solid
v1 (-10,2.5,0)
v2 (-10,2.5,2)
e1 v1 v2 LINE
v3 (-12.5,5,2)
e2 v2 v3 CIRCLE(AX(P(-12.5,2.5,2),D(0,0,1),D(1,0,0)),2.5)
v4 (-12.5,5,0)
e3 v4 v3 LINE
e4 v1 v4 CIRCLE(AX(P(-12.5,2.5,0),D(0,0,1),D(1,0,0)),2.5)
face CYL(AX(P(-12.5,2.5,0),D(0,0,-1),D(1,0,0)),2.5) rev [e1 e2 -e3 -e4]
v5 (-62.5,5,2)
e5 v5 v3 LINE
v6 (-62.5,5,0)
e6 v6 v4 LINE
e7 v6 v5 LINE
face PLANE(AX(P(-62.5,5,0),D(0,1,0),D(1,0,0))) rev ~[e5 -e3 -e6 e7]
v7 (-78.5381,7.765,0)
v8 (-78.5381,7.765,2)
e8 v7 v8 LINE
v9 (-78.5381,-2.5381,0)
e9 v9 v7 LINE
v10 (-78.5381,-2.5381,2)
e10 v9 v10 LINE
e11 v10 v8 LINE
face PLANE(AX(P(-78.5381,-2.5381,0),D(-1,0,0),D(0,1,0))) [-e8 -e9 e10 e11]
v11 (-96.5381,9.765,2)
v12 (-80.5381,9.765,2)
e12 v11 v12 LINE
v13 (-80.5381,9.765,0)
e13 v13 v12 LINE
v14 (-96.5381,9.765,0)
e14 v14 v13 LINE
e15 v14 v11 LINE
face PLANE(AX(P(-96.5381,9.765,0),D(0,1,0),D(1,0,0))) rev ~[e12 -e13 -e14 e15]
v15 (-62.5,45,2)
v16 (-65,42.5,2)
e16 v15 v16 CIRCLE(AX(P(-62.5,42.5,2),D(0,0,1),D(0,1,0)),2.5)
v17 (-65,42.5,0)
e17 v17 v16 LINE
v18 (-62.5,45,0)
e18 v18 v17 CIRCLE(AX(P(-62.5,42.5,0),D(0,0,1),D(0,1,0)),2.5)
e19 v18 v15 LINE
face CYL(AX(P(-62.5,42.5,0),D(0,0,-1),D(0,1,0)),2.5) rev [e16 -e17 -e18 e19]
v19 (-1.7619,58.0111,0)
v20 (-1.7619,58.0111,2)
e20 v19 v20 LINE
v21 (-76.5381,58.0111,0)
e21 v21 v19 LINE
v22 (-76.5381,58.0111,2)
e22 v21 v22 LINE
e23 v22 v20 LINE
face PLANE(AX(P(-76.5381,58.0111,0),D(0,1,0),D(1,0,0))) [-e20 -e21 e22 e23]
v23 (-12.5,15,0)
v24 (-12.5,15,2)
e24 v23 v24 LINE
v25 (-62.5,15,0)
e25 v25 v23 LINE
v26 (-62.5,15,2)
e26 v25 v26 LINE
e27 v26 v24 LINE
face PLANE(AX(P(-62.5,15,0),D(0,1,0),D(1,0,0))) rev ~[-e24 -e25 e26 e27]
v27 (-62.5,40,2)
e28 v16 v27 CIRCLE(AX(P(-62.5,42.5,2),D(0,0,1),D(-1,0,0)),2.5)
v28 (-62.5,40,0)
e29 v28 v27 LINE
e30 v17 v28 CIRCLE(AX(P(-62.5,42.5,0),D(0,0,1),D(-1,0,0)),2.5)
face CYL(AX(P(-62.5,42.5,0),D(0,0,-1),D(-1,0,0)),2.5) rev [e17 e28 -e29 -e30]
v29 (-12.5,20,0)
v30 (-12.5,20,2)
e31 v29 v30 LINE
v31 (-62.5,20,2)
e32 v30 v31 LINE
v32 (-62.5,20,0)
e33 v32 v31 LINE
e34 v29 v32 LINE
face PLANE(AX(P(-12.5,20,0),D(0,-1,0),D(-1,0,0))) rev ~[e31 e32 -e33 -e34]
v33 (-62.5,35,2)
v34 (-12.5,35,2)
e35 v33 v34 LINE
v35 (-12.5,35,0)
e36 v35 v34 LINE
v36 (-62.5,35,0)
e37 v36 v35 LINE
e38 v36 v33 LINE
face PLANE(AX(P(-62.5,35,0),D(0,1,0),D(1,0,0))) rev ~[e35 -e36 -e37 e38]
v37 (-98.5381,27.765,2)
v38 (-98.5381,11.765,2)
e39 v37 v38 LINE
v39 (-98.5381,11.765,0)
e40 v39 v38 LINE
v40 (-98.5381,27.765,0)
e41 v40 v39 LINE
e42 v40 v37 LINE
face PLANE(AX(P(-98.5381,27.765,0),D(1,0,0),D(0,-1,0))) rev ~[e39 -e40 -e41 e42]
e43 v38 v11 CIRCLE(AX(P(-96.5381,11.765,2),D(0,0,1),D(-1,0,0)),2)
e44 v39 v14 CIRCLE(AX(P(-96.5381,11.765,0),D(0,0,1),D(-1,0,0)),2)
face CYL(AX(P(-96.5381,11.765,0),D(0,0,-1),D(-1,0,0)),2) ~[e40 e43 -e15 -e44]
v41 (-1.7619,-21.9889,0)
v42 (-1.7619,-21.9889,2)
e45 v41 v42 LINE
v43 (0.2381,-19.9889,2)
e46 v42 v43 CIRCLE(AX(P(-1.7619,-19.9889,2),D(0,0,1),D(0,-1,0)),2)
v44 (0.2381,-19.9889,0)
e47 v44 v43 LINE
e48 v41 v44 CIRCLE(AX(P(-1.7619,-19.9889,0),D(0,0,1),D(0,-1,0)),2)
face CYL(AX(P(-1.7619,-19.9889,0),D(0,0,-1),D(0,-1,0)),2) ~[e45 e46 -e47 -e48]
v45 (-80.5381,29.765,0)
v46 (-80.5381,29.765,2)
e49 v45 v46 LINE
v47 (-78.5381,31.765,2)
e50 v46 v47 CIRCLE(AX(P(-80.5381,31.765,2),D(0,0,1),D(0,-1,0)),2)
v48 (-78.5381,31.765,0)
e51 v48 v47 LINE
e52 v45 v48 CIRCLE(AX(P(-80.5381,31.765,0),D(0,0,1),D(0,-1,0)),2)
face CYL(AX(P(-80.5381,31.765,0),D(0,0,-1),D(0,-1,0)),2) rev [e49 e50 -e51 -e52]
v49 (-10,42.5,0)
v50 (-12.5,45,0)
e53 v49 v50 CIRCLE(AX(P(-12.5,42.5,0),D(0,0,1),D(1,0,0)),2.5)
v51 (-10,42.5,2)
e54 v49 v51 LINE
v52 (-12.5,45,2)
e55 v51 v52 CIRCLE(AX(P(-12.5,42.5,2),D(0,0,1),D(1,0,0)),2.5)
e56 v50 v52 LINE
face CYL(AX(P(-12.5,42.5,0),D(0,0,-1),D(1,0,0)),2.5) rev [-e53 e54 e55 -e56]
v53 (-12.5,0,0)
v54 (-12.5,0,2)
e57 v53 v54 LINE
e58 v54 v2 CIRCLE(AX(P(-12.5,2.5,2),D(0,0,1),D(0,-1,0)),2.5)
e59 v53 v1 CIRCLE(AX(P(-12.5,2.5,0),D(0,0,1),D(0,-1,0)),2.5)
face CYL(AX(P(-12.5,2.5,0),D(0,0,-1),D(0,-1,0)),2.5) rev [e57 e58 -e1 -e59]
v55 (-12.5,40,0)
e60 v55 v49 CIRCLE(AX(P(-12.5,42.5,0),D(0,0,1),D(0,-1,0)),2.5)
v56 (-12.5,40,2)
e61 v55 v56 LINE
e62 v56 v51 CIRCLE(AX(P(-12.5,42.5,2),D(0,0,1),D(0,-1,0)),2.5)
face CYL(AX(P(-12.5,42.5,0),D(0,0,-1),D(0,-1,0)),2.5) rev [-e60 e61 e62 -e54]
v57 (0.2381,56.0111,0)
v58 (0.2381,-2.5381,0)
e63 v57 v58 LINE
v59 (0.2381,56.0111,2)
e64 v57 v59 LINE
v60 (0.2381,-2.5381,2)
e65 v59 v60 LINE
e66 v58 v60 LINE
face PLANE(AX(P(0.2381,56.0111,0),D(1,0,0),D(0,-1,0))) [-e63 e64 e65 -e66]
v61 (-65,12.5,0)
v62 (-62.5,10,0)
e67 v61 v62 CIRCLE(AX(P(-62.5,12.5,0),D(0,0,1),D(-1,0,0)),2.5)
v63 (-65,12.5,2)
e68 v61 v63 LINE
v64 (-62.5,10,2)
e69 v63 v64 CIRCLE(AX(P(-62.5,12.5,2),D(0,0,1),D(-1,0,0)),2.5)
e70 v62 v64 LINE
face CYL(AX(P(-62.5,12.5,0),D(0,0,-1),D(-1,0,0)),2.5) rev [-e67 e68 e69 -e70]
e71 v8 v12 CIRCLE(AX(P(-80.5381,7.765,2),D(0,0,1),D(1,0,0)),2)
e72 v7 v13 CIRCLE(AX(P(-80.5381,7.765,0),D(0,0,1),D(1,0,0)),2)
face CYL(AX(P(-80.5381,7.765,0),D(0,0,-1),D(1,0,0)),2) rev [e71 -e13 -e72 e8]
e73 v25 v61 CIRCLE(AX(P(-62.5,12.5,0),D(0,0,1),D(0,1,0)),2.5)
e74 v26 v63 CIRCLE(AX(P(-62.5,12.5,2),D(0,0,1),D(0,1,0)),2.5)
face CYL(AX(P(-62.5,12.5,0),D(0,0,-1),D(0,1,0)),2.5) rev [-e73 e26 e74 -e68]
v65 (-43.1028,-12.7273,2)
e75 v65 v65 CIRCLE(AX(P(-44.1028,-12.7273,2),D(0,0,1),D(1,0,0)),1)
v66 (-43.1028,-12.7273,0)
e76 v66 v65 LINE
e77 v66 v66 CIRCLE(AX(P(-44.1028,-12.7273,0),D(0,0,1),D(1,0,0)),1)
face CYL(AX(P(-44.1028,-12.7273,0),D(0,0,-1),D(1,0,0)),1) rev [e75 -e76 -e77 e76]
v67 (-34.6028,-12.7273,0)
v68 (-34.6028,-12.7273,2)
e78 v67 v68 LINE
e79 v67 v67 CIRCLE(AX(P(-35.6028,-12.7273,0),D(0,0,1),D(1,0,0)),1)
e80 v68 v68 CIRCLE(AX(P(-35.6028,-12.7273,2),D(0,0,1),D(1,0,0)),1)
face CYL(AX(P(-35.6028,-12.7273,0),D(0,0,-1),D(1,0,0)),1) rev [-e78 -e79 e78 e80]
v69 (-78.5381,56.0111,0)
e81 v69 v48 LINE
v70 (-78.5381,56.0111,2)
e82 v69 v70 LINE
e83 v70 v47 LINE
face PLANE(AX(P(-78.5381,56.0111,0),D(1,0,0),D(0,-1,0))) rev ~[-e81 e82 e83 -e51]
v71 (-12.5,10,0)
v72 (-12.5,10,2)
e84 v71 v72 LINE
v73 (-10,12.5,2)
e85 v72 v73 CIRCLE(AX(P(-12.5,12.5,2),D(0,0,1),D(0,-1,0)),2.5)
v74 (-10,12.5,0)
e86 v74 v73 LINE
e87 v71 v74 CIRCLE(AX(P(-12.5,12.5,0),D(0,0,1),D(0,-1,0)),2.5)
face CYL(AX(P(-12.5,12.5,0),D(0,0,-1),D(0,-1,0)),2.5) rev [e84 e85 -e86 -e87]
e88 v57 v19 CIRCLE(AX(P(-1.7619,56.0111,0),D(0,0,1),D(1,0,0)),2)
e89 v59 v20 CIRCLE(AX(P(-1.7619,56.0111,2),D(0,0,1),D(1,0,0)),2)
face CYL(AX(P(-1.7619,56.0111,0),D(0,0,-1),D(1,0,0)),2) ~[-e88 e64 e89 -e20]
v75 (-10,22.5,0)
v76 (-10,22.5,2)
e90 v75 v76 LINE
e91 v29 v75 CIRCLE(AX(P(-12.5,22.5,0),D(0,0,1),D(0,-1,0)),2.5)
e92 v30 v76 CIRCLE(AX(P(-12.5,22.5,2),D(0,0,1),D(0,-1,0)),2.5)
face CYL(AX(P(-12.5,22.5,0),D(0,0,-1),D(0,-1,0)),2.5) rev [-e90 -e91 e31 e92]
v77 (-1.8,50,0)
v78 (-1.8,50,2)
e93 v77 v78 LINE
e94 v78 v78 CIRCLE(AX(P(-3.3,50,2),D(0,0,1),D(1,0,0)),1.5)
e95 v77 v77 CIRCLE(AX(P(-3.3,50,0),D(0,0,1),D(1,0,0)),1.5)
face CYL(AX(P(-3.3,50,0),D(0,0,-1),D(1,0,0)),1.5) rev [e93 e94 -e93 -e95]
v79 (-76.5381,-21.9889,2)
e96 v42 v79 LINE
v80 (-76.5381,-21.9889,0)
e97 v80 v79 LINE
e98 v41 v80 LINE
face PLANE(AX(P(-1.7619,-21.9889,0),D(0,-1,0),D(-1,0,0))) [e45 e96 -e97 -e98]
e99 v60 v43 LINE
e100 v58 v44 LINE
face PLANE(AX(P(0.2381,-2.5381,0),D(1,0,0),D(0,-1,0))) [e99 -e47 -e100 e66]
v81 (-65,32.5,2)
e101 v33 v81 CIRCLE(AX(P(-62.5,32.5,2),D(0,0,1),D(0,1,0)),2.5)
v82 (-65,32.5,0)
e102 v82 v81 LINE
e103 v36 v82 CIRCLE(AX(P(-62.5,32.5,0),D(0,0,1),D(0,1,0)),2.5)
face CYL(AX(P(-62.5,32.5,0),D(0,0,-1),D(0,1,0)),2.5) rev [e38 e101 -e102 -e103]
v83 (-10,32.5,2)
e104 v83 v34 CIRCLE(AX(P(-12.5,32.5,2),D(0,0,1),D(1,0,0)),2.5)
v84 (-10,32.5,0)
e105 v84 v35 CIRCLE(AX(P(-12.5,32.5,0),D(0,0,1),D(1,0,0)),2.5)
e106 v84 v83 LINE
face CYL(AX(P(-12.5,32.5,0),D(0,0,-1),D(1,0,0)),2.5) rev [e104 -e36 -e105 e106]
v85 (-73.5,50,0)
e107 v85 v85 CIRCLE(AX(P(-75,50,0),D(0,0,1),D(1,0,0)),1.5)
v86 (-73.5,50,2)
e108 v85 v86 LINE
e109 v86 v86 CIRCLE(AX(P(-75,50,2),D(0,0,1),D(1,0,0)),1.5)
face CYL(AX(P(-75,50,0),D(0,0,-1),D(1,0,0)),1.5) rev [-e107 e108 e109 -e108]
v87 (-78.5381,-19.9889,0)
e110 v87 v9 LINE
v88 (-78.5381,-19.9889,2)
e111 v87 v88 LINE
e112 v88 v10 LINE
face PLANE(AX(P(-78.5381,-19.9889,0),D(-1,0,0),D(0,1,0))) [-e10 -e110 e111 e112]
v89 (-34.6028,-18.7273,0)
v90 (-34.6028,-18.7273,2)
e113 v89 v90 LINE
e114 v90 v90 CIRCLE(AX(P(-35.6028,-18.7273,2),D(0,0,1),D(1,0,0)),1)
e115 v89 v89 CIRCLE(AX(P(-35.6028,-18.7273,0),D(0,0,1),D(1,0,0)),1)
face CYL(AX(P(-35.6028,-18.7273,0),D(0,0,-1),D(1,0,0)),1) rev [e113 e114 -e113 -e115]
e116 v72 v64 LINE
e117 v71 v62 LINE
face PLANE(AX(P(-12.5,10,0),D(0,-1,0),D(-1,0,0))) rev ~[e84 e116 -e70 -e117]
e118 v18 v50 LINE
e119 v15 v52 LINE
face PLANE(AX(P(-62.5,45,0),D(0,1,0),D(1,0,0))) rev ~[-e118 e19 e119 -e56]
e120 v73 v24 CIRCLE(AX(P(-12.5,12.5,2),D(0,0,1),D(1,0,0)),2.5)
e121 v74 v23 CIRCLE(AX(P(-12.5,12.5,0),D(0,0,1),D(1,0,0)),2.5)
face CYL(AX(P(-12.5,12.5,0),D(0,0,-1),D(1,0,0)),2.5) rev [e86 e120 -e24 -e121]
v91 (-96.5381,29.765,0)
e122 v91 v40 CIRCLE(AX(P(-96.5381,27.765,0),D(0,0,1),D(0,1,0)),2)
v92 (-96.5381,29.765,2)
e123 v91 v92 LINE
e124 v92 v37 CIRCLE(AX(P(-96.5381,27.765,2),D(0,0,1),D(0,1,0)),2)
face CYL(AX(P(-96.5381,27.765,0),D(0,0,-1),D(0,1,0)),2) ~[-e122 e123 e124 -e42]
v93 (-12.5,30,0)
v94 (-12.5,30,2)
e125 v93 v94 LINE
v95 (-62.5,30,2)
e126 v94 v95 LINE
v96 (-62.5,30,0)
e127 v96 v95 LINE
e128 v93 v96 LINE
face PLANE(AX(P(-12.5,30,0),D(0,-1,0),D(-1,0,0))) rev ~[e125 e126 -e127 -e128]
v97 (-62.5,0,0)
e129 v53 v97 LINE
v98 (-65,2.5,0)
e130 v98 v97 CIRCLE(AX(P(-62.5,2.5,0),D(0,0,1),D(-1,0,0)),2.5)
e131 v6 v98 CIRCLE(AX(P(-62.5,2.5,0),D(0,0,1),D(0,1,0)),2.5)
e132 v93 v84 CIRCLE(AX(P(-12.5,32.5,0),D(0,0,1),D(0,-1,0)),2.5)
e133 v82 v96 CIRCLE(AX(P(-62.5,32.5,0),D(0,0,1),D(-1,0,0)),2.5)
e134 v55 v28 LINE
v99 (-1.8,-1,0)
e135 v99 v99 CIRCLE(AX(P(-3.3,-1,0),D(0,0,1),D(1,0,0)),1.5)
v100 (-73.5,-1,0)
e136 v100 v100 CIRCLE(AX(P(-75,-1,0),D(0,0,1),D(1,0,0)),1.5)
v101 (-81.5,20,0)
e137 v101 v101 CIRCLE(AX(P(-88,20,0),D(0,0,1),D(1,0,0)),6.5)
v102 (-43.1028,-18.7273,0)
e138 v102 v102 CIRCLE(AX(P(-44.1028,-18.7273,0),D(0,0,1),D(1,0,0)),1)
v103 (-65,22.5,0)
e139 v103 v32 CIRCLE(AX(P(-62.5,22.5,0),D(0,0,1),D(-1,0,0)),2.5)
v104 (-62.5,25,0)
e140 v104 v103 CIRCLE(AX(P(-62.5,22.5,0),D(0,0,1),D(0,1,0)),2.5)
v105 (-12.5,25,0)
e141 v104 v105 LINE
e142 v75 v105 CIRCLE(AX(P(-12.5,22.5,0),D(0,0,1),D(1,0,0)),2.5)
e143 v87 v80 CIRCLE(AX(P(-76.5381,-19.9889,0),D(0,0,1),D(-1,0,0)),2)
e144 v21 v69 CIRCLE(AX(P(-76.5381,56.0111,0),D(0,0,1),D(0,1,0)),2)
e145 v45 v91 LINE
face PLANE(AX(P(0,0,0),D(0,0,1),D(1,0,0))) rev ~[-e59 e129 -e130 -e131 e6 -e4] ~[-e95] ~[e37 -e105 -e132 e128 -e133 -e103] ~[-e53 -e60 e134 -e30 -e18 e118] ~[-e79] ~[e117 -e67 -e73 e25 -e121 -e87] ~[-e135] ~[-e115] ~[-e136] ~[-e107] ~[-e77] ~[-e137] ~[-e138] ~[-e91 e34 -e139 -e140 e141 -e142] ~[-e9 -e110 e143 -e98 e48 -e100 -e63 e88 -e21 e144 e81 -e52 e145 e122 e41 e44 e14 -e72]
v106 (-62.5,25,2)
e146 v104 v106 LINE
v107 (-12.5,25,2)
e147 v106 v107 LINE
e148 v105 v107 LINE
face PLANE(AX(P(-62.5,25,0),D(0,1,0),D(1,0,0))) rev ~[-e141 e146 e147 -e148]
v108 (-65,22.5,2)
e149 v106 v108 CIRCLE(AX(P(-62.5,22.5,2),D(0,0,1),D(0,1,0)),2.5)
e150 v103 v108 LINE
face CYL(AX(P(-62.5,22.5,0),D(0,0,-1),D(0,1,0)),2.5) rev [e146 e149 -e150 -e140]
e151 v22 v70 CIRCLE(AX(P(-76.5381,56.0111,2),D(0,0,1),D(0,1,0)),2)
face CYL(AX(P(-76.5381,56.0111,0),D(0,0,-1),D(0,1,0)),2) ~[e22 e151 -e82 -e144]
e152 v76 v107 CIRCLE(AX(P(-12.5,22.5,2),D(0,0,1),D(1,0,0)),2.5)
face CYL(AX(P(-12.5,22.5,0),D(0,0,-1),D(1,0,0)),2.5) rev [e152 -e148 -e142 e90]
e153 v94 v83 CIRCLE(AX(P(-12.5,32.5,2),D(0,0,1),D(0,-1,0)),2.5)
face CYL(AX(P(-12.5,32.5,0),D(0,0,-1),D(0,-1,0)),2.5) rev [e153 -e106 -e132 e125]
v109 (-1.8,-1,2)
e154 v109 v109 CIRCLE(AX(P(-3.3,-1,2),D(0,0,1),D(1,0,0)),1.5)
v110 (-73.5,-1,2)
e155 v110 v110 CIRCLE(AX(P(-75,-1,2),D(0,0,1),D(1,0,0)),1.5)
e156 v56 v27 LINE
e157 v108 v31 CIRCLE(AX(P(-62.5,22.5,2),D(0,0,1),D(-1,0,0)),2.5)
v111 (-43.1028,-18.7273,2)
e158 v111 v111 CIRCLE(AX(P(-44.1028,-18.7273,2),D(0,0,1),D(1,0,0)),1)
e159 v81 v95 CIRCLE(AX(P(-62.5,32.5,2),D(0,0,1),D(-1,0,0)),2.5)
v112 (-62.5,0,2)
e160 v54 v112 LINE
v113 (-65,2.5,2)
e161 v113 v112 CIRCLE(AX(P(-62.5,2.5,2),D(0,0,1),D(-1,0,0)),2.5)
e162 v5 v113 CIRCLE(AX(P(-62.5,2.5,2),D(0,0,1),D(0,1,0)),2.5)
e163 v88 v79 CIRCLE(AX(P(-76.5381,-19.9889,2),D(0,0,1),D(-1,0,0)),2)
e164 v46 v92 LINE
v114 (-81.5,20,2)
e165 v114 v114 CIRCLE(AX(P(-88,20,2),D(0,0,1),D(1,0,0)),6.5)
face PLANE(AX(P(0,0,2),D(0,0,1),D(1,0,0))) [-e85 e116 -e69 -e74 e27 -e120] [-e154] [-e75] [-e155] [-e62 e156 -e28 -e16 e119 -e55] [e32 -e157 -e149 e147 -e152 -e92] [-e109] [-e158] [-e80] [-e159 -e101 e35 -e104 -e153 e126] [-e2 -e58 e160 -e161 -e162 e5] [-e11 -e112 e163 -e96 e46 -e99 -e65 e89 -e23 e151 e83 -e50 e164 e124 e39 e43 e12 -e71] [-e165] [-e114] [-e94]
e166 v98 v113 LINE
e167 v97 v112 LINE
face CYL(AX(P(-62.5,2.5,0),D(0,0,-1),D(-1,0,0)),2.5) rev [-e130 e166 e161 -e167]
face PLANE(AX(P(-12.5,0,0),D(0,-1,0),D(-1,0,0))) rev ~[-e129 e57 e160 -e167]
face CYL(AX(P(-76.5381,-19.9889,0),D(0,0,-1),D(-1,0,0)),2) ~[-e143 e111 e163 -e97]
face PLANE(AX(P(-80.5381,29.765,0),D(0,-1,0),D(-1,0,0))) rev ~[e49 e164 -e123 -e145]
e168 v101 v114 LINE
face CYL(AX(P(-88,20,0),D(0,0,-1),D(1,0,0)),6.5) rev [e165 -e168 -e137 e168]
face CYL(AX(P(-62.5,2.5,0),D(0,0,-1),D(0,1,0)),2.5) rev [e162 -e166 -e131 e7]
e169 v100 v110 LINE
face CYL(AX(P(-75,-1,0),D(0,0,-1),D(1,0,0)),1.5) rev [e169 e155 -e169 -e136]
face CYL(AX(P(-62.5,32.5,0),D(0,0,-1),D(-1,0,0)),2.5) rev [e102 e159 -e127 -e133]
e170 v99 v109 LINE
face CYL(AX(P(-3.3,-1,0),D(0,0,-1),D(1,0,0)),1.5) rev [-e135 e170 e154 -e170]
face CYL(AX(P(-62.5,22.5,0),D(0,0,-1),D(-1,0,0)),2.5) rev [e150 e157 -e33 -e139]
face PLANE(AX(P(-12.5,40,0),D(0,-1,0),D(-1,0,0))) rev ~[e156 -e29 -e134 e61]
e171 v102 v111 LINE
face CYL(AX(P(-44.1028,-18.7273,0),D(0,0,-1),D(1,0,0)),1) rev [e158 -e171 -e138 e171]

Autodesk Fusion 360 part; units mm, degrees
sketch "Sketch1" plane through (0, 0, 0) normal (0, 0, 1) x (1, 0, 0)
  line L0 (-78.5381, -2.5381) -> (-78.5381, 7.765)
  line L1 (-76.5381, 58.0111) -> (-1.7619, 58.0111)
  line L2 (0.2381, 56.0111) -> (0.2381, -2.5381)
  circle A0 centre (-3.3, -1) radius 1.5
  circle A1 centre (-3.3, 50) radius 1.5
  circle A2 centre (-75, 50) radius 1.5
  circle A3 centre (-75, -1) radius 1.5
  line L3 (-62.5, 45) -> (-12.5, 45)
  line L4 (-12.5, 40) -> (-62.5, 40)
  line L5 (-62.5, 35) -> (-12.5, 35)
  line L6 (-12.5, 30) -> (-62.5, 30)
  line L7 (-62.5, 25) -> (-12.5, 25)
  line L8 (-12.5, 20) -> (-62.5, 20)
  line L9 (-62.5, 15) -> (-12.5, 15)
  line L10 (-12.5, 10) -> (-62.5, 10)
  line L11 (-62.5, 5) -> (-12.5, 5)
  line L12 (-12.5, 0) -> (-62.5, 0)
  arc A4 (-62.5, 45) -> (-65, 42.5) centre (-62.5, 42.5) ccw
  arc A5 (-65, 42.5) -> (-62.5, 40) centre (-62.5, 42.5) ccw
  arc A6 (-10, 42.5) -> (-12.5, 45) centre (-12.5, 42.5) ccw
  arc A7 (-12.5, 40) -> (-10, 42.5) centre (-12.5, 42.5) ccw
  arc A8 (-62.5, 35) -> (-65, 32.5) centre (-62.5, 32.5) ccw
  arc A9 (-65, 32.5) -> (-62.5, 30) centre (-62.5, 32.5) ccw
  arc A10 (-10, 32.5) -> (-12.5, 35) centre (-12.5, 32.5) ccw
  arc A11 (-12.5, 30) -> (-10, 32.5) centre (-12.5, 32.5) ccw
  arc A12 (-10, 22.5) -> (-12.5, 25) centre (-12.5, 22.5) ccw
  arc A13 (-12.5, 20) -> (-10, 22.5) centre (-12.5, 22.5) ccw
  arc A14 (-62.5, 25) -> (-65, 22.5) centre (-62.5, 22.5) ccw
  arc A15 (-65, 22.5) -> (-62.5, 20) centre (-62.5, 22.5) ccw
  arc A16 (-62.5, 15) -> (-65, 12.5) centre (-62.5, 12.5) ccw
  arc A17 (-65, 12.5) -> (-62.5, 10) centre (-62.5, 12.5) ccw
  arc A18 (-10, 12.5) -> (-12.5, 15) centre (-12.5, 12.5) ccw
  arc A19 (-12.5, 10) -> (-10, 12.5) centre (-12.5, 12.5) ccw
  arc A20 (-10, 2.5) -> (-12.5, 5) centre (-12.5, 2.5) ccw
  arc A21 (-12.5, 0) -> (-10, 2.5) centre (-12.5, 2.5) ccw
  arc A22 (-62.5, 5) -> (-65, 2.5) centre (-62.5, 2.5) ccw
  arc A23 (-65, 2.5) -> (-62.5, 0) centre (-62.5, 2.5) ccw
  line L13 (-80.5381, 29.765) -> (-96.5381, 29.765)
  line L14 (-98.5381, 27.765) -> (-98.5381, 11.765)
  line L15 (-96.5381, 9.765) -> (-80.5381, 9.765)
  circle A24 centre (-88, 20) radius 6.5
  arc A25 (-76.5381, 58.0111) -> (-78.5381, 56.0111) centre (-76.5381, 56.0111) ccw
  arc A26 (0.2381, 56.0111) -> (-1.7619, 58.0111) centre (-1.7619, 56.0111) ccw
  arc A27 (-78.5381, 7.765) -> (-80.5381, 9.765) centre (-80.5381, 7.765) ccw
  arc A28 (-96.5381, 29.765) -> (-98.5381, 27.765) centre (-96.5381, 27.765) ccw
  arc A29 (-98.5381, 11.765) -> (-96.5381, 9.765) centre (-96.5381, 11.765) ccw
  line L16 (-78.5381, 56.0111) -> (-78.5381, 31.765)
  arc A30 (-80.5381, 29.765) -> (-78.5381, 31.765) centre (-80.5381, 31.765) ccw
  line L17 (0.2381, -2.5381) -> (0.2381, -19.9889)
  line L18 (-1.7619, -21.9889) -> (-76.5381, -21.9889)
  line L19 (-78.5381, -19.9889) -> (-78.5381, -2.5381)
  arc A31 (-78.5381, -19.9889) -> (-76.5381, -21.9889) centre (-76.5381, -19.9889) ccw
  arc A32 (-1.7619, -21.9889) -> (0.2381, -19.9889) centre (-1.7619, -19.9889) ccw
  circle A33 centre (-44.1028, -12.7273) radius 1
  circle A34 centre (-35.6028, -12.7273) radius 1
  circle A35 centre (-35.6028, -18.7273) radius 1
  circle A36 centre (-44.1028, -18.7273) radius 1
  point P0 (-98.5381, 29.765)
  dimension "d1" = 71.7
  dimension "d2" = 51
  dimension "d4" = 3
  dimension "d5" = 3
  dimension "d6" = 3
  dimension "d7" = 3
  dimension "d8" = 2.5
  dimension "d9" = 2.5
  dimension "d18" = 13
  dimension "d21" = 2
  dimension "d22" = 2
  dimension "d25" = 2
  dimension "d28" = 80
  dimension "d37" = 8.5
  dimension "d38" = 6
  dimension "d39" = 2
  dimension "d40" = 2
  dimension "d41" = 2
  dimension "d42" = 2
extrude "Extrude4" add sketch "Sketch1" along normal blind 2
